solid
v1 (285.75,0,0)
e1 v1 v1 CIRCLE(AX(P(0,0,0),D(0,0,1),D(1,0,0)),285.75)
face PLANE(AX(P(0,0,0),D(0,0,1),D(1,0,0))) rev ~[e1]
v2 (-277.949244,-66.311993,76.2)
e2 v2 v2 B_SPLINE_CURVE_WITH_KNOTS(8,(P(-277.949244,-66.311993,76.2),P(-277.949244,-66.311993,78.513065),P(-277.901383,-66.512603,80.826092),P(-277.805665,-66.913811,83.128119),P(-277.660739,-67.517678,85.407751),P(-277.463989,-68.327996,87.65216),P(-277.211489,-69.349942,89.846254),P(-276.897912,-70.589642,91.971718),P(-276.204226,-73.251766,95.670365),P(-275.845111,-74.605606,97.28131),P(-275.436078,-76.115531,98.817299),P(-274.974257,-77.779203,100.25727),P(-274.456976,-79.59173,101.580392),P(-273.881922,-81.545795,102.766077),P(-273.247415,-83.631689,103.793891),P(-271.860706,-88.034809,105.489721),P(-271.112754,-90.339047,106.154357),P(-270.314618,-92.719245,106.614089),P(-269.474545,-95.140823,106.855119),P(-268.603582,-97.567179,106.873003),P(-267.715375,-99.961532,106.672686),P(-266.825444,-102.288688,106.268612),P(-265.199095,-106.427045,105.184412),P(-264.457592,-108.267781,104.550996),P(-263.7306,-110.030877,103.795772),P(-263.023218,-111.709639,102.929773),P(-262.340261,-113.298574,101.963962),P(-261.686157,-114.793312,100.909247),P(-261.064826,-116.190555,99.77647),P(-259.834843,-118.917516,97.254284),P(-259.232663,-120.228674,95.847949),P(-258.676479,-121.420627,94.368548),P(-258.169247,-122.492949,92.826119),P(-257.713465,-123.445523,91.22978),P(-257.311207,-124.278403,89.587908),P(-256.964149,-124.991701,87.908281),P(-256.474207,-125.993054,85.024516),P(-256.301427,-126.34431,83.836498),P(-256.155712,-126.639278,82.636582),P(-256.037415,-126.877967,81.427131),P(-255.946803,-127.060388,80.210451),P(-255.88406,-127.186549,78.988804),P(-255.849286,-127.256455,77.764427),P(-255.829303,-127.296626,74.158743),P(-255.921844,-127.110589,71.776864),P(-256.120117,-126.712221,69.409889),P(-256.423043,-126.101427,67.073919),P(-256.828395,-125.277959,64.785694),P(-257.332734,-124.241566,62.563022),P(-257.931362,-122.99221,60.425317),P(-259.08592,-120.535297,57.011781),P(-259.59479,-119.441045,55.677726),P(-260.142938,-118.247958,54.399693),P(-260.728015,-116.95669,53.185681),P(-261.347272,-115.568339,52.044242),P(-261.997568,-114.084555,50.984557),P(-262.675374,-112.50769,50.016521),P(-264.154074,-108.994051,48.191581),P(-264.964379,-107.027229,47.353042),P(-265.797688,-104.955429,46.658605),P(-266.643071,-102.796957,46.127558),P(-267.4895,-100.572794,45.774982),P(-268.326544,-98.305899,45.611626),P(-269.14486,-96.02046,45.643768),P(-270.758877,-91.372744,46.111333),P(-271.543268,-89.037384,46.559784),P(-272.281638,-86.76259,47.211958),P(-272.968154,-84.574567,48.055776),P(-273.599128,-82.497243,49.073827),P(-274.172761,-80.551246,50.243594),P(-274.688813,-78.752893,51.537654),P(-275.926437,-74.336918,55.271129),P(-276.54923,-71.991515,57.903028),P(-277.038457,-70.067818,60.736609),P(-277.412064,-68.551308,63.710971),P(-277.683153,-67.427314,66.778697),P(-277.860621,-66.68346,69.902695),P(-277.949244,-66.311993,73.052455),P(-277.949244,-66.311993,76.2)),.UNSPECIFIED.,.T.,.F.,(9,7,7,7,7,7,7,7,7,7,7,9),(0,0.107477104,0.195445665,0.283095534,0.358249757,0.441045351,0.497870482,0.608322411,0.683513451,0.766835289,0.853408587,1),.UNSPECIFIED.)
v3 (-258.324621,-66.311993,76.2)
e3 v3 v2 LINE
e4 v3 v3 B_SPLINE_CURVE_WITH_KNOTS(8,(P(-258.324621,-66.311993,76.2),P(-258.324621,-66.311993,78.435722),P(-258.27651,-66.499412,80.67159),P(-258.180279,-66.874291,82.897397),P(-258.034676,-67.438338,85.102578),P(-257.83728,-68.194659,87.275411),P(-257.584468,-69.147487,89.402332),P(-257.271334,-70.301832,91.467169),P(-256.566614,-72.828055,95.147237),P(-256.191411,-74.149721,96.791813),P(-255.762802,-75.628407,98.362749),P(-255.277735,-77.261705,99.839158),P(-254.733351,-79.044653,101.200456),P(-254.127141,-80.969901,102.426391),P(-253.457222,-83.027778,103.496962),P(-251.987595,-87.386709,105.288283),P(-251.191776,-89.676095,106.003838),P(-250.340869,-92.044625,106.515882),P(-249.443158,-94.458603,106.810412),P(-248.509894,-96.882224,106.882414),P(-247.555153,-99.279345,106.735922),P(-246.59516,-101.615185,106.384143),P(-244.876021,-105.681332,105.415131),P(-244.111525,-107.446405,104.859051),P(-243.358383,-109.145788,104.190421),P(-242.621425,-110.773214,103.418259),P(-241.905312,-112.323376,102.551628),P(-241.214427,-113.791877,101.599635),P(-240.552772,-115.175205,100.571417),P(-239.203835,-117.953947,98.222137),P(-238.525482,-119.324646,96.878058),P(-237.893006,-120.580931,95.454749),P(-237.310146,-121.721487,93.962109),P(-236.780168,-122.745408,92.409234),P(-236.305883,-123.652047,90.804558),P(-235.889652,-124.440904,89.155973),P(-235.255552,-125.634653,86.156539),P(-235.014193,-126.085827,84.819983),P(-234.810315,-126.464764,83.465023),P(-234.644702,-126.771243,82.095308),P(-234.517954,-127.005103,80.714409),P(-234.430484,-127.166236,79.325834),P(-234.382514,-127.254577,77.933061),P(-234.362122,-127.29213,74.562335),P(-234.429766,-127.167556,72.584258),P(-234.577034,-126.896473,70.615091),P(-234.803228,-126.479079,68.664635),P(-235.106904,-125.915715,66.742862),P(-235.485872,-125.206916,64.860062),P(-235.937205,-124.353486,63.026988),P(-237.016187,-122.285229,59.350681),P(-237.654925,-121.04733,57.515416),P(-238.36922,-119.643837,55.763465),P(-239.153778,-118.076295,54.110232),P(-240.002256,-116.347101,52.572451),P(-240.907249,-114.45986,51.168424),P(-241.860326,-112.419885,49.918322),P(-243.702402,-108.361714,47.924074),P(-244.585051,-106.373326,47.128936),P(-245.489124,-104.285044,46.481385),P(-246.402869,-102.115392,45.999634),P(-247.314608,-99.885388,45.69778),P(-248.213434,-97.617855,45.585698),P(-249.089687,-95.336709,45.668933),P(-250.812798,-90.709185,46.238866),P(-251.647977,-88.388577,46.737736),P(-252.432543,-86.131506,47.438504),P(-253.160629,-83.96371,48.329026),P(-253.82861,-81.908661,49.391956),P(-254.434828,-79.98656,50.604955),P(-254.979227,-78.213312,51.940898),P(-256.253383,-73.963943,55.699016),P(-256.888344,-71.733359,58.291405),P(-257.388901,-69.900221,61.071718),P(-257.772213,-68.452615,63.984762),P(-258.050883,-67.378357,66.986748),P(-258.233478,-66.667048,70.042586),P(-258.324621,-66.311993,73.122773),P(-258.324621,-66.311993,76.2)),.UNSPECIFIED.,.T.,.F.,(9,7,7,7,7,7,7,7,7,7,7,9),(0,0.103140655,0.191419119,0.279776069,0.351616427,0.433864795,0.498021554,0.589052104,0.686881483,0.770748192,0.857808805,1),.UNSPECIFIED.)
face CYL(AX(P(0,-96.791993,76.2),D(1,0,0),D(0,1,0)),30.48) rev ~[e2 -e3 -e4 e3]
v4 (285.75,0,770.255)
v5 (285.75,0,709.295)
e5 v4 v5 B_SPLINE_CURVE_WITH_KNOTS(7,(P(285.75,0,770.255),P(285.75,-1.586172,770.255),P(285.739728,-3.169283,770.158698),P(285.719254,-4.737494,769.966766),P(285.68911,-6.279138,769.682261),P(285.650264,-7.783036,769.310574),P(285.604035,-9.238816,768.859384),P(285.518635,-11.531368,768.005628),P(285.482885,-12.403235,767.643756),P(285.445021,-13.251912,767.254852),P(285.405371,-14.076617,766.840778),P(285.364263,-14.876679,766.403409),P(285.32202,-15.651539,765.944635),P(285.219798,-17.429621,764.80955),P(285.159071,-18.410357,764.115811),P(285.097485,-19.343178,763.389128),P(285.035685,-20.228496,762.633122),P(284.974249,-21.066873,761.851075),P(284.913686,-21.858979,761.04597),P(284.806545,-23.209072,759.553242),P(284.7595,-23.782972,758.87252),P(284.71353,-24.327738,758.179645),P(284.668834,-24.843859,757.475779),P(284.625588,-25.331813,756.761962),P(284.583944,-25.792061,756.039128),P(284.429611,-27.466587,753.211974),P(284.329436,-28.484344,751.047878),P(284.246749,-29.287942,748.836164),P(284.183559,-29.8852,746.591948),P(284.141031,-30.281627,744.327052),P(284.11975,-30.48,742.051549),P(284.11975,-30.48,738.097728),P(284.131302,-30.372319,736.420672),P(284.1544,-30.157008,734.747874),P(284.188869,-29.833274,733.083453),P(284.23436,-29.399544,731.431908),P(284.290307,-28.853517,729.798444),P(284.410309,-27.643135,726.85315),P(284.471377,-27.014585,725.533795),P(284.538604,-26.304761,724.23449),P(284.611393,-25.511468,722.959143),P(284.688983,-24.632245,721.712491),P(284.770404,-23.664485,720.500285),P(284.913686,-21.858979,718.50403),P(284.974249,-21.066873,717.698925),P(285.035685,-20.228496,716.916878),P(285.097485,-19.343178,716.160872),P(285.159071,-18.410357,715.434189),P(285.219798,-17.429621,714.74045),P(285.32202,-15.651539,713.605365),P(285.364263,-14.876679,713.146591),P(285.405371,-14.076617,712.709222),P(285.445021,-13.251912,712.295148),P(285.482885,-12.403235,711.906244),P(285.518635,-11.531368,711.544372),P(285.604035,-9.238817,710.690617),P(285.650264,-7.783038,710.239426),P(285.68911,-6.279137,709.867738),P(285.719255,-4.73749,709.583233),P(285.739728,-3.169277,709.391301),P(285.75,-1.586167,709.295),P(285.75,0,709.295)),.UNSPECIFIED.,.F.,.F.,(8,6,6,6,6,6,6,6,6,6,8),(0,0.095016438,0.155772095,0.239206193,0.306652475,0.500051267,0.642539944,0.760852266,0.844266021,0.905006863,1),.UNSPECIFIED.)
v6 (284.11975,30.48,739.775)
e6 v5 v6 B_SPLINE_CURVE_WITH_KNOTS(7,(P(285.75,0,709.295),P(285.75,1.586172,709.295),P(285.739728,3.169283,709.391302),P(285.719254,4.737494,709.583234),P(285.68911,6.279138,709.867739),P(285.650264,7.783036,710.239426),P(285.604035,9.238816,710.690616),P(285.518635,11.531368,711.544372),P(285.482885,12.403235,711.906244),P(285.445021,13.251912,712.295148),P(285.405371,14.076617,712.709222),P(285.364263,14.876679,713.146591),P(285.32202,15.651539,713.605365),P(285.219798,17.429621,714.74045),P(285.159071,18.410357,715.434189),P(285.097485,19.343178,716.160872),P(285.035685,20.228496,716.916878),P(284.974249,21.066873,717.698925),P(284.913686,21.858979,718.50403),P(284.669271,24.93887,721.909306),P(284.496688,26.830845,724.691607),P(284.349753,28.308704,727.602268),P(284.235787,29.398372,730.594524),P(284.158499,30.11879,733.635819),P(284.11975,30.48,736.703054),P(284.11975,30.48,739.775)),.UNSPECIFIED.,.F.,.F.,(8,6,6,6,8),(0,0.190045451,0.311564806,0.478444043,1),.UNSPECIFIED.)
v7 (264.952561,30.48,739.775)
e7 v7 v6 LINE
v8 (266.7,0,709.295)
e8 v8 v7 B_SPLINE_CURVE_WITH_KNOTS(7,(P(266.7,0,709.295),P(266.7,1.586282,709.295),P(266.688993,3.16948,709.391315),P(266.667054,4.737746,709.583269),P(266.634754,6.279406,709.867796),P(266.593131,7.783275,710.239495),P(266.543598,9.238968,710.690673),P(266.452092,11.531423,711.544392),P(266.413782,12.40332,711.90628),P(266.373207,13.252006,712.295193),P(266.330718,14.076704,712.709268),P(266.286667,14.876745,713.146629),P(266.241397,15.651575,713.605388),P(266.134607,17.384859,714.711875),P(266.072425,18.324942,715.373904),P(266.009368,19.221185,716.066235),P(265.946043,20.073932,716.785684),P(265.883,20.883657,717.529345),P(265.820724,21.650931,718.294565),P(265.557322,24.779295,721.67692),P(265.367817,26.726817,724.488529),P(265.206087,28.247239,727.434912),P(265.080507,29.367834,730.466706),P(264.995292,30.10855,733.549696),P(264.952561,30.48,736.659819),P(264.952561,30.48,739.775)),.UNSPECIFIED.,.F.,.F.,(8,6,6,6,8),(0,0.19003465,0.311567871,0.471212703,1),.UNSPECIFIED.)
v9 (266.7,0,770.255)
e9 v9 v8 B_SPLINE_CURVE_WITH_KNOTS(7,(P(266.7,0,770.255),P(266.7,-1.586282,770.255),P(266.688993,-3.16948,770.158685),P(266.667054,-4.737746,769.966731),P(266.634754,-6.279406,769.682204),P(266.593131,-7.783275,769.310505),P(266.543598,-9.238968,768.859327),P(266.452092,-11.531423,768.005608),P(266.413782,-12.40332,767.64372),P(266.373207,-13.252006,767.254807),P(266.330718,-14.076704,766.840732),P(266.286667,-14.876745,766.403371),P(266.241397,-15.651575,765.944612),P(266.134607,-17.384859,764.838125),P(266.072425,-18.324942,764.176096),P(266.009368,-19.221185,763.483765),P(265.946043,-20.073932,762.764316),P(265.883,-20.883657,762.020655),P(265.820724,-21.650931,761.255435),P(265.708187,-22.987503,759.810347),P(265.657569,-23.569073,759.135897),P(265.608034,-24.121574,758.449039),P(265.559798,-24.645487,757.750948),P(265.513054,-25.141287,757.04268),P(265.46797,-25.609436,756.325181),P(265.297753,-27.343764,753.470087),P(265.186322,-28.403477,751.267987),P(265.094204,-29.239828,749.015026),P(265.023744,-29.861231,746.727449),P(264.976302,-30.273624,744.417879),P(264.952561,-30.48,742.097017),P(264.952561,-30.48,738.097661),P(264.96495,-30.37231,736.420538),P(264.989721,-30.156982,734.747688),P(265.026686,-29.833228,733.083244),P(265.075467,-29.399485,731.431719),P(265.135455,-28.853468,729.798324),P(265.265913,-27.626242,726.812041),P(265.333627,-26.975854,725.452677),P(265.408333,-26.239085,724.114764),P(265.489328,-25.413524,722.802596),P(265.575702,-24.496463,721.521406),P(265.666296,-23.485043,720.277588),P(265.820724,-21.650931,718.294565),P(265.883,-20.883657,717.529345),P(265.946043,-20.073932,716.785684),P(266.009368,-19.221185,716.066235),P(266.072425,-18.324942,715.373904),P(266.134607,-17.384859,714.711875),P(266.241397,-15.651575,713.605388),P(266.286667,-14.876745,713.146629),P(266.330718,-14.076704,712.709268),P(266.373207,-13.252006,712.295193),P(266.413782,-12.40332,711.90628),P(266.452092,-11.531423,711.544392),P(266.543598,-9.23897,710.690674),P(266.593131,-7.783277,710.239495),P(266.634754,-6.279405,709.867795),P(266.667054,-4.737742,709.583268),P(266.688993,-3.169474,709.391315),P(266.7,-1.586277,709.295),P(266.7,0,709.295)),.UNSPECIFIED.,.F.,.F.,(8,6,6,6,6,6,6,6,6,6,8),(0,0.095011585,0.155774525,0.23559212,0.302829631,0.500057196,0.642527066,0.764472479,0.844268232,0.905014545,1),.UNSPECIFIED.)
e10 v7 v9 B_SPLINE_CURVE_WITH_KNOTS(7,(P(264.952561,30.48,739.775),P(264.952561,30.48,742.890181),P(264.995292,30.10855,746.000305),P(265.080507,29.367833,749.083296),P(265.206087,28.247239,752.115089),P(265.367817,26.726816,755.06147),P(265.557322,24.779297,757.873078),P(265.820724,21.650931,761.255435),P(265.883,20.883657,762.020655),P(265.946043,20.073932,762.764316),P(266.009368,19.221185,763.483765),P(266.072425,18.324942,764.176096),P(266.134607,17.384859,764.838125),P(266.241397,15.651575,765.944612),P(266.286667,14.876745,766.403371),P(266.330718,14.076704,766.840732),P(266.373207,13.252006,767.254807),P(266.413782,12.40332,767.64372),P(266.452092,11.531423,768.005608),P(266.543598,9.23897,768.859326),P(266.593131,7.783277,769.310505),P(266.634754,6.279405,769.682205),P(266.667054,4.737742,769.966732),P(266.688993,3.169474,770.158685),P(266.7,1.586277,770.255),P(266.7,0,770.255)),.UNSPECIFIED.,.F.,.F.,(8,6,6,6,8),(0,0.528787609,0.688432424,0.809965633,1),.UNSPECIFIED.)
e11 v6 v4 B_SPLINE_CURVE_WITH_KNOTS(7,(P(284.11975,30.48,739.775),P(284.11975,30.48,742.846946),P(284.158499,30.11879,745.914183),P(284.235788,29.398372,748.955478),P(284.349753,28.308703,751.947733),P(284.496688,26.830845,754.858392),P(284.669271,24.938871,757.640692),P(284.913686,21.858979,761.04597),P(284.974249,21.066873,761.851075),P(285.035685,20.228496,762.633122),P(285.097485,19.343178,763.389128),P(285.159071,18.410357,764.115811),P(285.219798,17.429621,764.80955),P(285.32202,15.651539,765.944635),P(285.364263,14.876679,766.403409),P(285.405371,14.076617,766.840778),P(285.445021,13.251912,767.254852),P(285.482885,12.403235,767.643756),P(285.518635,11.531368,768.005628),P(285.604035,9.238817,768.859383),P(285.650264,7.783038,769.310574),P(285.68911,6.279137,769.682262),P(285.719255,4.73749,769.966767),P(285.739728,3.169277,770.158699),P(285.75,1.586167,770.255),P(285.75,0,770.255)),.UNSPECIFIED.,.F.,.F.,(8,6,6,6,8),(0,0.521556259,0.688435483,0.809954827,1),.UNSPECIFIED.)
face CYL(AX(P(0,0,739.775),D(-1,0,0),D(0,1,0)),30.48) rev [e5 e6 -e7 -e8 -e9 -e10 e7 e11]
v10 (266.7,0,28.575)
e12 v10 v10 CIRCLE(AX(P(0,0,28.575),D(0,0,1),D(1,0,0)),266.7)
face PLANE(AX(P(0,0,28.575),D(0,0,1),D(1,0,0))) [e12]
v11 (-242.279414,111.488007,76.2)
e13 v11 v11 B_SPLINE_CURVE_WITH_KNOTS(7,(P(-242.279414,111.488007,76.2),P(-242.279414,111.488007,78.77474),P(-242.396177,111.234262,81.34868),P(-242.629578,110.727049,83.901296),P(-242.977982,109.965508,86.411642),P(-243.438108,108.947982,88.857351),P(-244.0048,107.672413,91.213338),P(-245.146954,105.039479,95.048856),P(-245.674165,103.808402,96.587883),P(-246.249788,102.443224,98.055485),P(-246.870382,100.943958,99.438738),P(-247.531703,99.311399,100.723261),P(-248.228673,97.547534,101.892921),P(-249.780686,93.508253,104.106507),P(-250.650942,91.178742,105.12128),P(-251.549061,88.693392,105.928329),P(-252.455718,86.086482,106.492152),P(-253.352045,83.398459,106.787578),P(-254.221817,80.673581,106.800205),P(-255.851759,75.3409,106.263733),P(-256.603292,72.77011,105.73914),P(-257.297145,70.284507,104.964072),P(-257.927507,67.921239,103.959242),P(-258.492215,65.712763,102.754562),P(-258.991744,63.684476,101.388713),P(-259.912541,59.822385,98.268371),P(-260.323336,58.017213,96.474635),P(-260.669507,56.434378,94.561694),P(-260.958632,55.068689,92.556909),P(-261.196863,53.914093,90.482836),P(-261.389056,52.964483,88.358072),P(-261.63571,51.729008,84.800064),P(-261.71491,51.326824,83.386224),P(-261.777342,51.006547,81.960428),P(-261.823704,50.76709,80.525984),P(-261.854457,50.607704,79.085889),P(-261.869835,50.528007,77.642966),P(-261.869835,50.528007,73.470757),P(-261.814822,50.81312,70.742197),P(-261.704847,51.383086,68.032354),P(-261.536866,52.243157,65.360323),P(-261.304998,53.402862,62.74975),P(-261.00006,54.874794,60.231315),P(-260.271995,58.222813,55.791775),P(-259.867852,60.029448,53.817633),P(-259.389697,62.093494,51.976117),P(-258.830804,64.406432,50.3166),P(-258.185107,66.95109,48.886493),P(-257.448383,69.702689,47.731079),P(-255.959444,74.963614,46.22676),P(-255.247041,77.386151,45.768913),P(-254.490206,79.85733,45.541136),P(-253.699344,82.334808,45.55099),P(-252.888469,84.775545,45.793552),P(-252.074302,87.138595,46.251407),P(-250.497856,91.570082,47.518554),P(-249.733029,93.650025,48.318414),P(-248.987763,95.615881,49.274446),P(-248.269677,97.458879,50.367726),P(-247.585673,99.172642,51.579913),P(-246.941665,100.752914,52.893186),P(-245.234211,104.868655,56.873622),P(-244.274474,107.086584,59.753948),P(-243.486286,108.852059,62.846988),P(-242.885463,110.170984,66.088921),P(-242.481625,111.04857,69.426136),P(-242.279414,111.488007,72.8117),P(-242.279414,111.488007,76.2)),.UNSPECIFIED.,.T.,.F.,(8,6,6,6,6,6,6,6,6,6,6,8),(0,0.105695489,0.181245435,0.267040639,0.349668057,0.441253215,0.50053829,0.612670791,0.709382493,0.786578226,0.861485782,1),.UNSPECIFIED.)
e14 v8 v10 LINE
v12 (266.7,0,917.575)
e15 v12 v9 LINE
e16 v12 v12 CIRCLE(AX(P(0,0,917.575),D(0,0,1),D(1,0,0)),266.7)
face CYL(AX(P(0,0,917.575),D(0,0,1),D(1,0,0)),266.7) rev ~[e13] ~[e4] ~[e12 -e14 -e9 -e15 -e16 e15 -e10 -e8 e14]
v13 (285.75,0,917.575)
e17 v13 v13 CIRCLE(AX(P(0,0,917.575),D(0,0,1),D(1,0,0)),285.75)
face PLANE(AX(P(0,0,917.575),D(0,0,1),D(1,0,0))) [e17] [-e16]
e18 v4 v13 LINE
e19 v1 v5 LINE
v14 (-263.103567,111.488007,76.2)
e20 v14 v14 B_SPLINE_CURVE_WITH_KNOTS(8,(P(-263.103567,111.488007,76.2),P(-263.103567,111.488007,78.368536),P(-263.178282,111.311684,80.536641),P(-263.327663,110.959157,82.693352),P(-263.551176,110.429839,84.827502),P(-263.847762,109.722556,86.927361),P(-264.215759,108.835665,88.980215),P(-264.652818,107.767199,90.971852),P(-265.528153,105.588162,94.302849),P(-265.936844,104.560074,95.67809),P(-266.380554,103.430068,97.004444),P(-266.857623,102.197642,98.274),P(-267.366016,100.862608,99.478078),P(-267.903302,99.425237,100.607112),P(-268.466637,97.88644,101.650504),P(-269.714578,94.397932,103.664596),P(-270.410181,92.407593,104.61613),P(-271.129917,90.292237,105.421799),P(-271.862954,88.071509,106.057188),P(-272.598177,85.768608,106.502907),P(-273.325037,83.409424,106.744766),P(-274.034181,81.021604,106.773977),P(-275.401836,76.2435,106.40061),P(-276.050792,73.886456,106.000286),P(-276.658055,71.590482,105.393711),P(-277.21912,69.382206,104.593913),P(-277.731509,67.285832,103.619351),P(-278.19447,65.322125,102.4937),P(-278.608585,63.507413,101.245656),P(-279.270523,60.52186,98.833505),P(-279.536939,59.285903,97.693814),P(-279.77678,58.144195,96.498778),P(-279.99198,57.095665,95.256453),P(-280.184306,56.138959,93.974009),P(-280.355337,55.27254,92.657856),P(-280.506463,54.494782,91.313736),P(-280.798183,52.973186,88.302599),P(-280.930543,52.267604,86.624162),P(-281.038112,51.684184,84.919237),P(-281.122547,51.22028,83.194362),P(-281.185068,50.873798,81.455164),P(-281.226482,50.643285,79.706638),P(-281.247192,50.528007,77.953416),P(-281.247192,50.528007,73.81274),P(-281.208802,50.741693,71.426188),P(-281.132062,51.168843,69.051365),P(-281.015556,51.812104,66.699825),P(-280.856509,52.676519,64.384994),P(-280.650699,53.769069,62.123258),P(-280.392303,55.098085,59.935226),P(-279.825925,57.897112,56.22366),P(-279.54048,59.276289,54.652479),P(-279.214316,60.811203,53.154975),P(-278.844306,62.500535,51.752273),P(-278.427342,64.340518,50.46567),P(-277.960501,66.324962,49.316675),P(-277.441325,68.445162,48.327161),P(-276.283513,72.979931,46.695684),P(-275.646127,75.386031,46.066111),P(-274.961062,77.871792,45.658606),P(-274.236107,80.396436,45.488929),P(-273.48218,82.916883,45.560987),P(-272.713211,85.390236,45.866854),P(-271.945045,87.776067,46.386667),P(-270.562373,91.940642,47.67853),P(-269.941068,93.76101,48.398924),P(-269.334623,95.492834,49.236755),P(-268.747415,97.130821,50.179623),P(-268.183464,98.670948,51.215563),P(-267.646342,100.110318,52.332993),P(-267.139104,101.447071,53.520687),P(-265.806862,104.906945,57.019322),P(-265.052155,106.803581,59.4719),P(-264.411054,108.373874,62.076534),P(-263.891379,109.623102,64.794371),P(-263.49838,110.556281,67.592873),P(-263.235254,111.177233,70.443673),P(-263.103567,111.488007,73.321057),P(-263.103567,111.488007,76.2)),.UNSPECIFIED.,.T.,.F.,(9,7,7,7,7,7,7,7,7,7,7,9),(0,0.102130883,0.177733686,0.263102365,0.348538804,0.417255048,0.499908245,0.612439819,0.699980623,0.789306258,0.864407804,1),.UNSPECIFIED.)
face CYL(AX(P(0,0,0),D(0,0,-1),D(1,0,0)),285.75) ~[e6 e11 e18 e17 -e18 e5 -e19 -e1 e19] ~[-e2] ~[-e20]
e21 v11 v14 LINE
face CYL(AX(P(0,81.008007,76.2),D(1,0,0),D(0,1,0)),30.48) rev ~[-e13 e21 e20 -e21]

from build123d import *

# Parameters (mm, degrees)
F0_R     = 285.75
F1_DEPTH = 917.575
F2_R     = 266.7
F3_DEPTH = 889
F4_R     = 30.48
F5_DEPTH = 547.83055
F6_R     = 30.48
F7_DEPTH = 651.82147


with BuildPart() as f1:
    # F0 (on Top) → F1 (new body)
    with BuildSketch(Plane.XY):
        Circle(F0_R)
    extrude(amount=F1_DEPTH)

    # F2 (on face) → F3 (cut)
    with BuildSketch(Plane.XY.offset(917.575)):
        Circle(F2_R)
    extrude(amount=-F3_DEPTH, mode=Mode.SUBTRACT)

    # F4 (on Right) → F5 (cut)
    with BuildSketch(Plane.YZ):
        with Locations((0, 739.775)):
            Circle(F4_R)
    extrude(amount=F5_DEPTH, mode=Mode.SUBTRACT)

    # F6 (on Right) → F7 (cut)
    with BuildSketch(Plane.YZ):
        with Locations((81.008007, 76.2)):
            Circle(F6_R)
        with Locations((-96.791993, 76.2)):
            Circle(F6_R)
    extrude(amount=-F7_DEPTH, mode=Mode.SUBTRACT)


solid = f1.part
